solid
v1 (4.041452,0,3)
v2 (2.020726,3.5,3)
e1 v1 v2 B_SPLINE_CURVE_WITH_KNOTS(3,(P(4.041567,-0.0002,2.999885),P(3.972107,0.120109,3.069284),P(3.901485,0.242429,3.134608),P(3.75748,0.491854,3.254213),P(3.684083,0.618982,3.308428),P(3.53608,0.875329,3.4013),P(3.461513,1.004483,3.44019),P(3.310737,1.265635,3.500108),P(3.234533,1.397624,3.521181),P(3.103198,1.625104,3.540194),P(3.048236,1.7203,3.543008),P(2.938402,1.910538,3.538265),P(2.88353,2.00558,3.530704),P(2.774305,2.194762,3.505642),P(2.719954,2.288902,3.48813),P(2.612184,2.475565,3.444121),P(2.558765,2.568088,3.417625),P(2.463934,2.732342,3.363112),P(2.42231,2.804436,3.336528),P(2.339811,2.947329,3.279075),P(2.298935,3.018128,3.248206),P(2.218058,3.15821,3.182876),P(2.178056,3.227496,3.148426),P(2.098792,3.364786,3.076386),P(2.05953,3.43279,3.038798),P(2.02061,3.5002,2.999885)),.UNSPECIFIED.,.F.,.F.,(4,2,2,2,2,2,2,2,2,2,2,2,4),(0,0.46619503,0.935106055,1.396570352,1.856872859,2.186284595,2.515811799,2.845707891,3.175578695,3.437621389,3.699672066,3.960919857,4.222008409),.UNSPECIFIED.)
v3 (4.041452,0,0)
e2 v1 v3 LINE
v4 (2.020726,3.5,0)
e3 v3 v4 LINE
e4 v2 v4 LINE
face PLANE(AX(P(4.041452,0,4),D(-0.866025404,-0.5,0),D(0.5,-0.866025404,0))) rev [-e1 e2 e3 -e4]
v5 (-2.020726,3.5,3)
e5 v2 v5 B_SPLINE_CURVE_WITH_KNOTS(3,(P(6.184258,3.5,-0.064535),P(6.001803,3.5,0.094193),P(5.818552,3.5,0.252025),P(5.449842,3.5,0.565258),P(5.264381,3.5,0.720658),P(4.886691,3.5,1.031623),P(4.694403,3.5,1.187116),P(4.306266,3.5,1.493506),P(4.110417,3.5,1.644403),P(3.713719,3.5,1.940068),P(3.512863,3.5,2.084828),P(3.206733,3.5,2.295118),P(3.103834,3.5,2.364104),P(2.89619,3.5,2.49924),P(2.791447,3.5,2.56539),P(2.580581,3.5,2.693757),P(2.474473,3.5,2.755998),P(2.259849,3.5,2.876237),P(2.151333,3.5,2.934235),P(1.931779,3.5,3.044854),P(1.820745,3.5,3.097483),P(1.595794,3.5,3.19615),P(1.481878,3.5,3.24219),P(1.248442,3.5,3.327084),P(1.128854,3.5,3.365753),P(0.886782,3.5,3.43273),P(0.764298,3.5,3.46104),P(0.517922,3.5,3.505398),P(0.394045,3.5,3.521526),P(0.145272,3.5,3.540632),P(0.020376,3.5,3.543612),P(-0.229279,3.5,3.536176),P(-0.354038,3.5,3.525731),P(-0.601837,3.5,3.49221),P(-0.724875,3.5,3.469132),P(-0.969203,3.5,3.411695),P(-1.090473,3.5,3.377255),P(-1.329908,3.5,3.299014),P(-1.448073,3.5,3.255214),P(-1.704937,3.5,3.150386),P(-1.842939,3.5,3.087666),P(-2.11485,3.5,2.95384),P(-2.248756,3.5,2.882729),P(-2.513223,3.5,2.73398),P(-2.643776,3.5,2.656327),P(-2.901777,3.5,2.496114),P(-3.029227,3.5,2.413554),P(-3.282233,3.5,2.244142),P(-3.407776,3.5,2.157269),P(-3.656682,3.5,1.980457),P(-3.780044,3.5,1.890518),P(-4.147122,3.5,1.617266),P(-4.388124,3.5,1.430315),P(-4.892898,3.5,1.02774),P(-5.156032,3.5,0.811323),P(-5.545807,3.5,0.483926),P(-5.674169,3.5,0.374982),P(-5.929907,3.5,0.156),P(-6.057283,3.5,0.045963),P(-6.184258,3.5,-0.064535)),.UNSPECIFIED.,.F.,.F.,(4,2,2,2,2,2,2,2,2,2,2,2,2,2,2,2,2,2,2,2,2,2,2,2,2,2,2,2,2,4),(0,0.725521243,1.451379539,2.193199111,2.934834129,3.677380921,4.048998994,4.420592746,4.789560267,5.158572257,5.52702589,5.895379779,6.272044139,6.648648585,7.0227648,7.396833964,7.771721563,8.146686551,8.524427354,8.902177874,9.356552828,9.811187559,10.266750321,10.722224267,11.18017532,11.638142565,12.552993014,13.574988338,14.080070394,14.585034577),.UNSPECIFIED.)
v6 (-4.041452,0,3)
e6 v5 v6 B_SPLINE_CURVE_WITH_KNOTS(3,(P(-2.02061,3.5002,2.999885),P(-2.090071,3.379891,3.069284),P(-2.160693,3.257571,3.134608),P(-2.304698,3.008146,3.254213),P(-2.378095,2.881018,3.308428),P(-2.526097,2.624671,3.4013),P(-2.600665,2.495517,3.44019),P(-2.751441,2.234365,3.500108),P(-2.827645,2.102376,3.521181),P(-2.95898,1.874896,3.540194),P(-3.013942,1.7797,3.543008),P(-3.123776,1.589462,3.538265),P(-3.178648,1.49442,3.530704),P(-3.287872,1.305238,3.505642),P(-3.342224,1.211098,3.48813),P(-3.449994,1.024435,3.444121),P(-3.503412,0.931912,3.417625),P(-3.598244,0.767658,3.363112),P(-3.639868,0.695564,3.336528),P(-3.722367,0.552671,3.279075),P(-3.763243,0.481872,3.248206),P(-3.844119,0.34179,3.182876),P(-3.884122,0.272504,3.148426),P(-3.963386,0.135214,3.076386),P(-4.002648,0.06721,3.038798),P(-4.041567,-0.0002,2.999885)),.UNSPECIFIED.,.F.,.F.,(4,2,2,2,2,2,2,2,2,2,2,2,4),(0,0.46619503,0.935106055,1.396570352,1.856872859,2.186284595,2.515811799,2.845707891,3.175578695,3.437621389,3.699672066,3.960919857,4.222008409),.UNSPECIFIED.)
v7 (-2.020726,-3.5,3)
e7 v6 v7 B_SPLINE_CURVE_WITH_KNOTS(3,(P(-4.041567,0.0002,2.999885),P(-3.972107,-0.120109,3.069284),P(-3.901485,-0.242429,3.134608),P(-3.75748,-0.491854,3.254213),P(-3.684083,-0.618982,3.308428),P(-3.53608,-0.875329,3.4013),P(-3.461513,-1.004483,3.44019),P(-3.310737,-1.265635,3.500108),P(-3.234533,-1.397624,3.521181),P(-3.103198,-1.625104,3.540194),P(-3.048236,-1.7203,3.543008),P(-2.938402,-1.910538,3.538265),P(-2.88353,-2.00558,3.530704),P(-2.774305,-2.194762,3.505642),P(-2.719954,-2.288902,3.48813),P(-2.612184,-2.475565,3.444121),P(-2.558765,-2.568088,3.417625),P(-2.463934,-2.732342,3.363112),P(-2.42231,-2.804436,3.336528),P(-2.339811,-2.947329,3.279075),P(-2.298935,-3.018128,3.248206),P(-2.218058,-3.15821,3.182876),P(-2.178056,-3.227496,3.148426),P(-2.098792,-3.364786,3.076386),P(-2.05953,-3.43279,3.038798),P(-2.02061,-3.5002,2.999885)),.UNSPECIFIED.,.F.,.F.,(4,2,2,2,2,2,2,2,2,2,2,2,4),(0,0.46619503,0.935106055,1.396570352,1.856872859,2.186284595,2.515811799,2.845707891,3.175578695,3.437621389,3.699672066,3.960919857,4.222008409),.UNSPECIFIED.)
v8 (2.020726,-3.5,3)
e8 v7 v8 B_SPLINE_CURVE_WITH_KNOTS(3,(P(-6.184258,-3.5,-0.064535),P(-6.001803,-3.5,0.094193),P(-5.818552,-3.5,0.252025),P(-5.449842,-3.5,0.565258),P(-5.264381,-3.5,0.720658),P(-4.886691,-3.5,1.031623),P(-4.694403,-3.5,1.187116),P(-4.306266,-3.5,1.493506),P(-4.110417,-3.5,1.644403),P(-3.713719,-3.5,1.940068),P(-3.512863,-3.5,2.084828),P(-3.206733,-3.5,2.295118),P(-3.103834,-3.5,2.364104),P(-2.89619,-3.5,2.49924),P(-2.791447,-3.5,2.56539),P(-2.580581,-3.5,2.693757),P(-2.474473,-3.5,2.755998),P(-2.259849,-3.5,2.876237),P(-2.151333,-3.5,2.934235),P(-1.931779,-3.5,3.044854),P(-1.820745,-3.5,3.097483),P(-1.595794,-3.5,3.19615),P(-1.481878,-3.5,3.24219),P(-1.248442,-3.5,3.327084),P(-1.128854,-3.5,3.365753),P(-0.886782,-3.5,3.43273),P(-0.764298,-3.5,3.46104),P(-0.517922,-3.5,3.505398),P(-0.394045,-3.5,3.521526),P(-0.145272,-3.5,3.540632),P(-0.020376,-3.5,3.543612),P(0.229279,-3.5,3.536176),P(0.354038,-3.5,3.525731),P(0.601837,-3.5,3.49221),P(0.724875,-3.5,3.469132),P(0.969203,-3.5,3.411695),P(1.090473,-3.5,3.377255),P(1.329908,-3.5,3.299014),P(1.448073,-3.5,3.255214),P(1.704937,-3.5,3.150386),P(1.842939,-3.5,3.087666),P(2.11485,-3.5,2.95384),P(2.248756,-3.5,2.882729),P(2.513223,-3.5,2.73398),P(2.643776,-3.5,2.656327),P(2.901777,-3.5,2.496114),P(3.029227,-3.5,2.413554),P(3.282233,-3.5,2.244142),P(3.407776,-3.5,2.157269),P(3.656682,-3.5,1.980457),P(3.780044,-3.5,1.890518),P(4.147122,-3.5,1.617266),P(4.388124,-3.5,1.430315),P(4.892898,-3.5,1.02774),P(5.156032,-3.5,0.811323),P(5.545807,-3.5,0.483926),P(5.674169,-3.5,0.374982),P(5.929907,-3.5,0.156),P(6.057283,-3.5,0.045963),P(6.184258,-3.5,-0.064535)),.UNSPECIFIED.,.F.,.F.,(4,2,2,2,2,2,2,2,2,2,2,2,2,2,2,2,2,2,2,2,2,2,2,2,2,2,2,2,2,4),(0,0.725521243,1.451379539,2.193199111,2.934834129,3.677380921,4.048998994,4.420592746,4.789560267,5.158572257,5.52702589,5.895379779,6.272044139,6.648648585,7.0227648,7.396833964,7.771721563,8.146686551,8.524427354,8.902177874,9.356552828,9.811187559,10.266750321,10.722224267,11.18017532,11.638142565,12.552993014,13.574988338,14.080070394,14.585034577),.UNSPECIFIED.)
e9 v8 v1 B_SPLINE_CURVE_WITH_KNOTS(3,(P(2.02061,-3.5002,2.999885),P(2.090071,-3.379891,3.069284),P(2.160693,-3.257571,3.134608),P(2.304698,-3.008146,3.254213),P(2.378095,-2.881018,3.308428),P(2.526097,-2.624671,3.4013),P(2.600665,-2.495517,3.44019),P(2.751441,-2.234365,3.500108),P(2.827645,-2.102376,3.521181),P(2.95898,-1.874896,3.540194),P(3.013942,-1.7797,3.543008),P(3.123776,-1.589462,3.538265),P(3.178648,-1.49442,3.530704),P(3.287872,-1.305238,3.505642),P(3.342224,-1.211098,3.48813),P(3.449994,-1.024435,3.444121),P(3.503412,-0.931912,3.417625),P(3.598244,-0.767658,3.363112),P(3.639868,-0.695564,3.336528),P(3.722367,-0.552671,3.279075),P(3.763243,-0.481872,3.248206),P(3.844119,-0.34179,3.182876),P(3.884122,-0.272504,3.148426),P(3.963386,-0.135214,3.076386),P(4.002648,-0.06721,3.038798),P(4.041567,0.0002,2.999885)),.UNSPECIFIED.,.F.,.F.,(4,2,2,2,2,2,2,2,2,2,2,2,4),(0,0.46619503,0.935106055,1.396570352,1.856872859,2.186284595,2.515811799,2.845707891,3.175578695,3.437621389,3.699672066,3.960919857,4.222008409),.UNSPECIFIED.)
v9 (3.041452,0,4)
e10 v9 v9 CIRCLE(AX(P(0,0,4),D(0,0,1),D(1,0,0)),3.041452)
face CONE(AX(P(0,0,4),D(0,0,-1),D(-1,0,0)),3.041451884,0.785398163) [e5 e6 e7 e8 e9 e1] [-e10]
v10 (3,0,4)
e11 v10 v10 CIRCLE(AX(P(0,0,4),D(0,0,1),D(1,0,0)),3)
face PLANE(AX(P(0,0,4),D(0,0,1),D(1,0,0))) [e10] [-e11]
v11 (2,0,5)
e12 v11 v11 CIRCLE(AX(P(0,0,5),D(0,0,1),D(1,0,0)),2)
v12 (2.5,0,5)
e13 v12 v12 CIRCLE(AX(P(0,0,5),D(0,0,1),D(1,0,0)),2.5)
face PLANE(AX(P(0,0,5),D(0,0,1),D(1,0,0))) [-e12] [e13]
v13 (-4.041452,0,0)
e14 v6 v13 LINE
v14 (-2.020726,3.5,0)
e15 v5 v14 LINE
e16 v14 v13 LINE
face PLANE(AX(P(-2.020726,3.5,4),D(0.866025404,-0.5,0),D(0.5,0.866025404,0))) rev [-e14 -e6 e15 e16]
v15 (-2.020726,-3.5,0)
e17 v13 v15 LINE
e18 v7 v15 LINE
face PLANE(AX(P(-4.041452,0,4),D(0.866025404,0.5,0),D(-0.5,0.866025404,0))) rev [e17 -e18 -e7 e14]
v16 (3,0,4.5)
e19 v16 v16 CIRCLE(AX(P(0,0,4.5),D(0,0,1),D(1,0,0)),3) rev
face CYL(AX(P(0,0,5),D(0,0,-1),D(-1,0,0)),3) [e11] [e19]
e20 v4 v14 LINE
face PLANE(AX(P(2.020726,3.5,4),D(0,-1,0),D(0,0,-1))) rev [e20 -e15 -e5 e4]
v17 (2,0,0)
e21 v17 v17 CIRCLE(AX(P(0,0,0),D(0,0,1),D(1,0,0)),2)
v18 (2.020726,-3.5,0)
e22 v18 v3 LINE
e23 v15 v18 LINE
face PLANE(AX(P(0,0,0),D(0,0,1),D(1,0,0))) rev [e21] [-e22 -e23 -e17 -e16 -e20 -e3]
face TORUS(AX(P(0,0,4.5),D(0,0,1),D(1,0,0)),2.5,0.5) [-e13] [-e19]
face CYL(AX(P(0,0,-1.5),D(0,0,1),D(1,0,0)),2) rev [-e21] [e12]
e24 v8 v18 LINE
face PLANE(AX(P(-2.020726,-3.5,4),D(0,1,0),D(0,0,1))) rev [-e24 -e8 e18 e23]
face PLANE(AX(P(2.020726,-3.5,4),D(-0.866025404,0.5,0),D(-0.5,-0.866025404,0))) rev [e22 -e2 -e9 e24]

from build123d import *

# Parameters (mm, degrees)
EXTRUDE_1_DEPTH     = 4
SKETCH_2_R          = 3
EXTRUDE_2_DEPTH     = 1
SKETCH_2_3_R        = 2
CUT_EXTRUDE_1_DEPTH = 5.5
FILLET_3_R          = 0.5


with BuildPart() as part:
    # 草图1 → 凸台-拉伸1 (new body)
    with BuildSketch(Plane.XY):
        Polygon((4.041451884, 0), (2.020725942, 3.5), (-2.020725942, 3.5), (-4.041451884, 0), (-2.020725942, -3.5), (2.020725942, -3.5), align=None)
    extrude(amount=EXTRUDE_1_DEPTH)

    # 草图2 → 凸台-拉伸2 (add)
    with BuildSketch(Plane.XY.offset(4)):
        Circle(SKETCH_2_R)
    extrude(amount=EXTRUDE_2_DEPTH)

    # 草图2<3> → 切除-拉伸1 (cut, symmetric)
    with BuildSketch(Plane.XY.offset(4)):
        Circle(SKETCH_2_3_R)
    extrude(amount=CUT_EXTRUDE_1_DEPTH, both=True, mode=Mode.SUBTRACT)

    # 草图3 → 切除-旋转1 (revolve, cut)
    with BuildSketch(Plane(origin=(0, 0, 0), x_dir=(1, 0, 0), z_dir=(0, 1, 0))):
        Polygon((-4.041451884, -4), (-4.041451884, -3), (-3.041451884, -4), align=None)
    revolve(axis=Axis((0, 0, 0), (0, 0, -1)), mode=Mode.SUBTRACT)

    # 圆角3
    fillet_3_edges = [part.edges().sort_by_distance(p)[0] for p in [
        (-3, 0, 5),
    ]]
    fillet(fillet_3_edges, radius=FILLET_3_R)


solid = part.part
